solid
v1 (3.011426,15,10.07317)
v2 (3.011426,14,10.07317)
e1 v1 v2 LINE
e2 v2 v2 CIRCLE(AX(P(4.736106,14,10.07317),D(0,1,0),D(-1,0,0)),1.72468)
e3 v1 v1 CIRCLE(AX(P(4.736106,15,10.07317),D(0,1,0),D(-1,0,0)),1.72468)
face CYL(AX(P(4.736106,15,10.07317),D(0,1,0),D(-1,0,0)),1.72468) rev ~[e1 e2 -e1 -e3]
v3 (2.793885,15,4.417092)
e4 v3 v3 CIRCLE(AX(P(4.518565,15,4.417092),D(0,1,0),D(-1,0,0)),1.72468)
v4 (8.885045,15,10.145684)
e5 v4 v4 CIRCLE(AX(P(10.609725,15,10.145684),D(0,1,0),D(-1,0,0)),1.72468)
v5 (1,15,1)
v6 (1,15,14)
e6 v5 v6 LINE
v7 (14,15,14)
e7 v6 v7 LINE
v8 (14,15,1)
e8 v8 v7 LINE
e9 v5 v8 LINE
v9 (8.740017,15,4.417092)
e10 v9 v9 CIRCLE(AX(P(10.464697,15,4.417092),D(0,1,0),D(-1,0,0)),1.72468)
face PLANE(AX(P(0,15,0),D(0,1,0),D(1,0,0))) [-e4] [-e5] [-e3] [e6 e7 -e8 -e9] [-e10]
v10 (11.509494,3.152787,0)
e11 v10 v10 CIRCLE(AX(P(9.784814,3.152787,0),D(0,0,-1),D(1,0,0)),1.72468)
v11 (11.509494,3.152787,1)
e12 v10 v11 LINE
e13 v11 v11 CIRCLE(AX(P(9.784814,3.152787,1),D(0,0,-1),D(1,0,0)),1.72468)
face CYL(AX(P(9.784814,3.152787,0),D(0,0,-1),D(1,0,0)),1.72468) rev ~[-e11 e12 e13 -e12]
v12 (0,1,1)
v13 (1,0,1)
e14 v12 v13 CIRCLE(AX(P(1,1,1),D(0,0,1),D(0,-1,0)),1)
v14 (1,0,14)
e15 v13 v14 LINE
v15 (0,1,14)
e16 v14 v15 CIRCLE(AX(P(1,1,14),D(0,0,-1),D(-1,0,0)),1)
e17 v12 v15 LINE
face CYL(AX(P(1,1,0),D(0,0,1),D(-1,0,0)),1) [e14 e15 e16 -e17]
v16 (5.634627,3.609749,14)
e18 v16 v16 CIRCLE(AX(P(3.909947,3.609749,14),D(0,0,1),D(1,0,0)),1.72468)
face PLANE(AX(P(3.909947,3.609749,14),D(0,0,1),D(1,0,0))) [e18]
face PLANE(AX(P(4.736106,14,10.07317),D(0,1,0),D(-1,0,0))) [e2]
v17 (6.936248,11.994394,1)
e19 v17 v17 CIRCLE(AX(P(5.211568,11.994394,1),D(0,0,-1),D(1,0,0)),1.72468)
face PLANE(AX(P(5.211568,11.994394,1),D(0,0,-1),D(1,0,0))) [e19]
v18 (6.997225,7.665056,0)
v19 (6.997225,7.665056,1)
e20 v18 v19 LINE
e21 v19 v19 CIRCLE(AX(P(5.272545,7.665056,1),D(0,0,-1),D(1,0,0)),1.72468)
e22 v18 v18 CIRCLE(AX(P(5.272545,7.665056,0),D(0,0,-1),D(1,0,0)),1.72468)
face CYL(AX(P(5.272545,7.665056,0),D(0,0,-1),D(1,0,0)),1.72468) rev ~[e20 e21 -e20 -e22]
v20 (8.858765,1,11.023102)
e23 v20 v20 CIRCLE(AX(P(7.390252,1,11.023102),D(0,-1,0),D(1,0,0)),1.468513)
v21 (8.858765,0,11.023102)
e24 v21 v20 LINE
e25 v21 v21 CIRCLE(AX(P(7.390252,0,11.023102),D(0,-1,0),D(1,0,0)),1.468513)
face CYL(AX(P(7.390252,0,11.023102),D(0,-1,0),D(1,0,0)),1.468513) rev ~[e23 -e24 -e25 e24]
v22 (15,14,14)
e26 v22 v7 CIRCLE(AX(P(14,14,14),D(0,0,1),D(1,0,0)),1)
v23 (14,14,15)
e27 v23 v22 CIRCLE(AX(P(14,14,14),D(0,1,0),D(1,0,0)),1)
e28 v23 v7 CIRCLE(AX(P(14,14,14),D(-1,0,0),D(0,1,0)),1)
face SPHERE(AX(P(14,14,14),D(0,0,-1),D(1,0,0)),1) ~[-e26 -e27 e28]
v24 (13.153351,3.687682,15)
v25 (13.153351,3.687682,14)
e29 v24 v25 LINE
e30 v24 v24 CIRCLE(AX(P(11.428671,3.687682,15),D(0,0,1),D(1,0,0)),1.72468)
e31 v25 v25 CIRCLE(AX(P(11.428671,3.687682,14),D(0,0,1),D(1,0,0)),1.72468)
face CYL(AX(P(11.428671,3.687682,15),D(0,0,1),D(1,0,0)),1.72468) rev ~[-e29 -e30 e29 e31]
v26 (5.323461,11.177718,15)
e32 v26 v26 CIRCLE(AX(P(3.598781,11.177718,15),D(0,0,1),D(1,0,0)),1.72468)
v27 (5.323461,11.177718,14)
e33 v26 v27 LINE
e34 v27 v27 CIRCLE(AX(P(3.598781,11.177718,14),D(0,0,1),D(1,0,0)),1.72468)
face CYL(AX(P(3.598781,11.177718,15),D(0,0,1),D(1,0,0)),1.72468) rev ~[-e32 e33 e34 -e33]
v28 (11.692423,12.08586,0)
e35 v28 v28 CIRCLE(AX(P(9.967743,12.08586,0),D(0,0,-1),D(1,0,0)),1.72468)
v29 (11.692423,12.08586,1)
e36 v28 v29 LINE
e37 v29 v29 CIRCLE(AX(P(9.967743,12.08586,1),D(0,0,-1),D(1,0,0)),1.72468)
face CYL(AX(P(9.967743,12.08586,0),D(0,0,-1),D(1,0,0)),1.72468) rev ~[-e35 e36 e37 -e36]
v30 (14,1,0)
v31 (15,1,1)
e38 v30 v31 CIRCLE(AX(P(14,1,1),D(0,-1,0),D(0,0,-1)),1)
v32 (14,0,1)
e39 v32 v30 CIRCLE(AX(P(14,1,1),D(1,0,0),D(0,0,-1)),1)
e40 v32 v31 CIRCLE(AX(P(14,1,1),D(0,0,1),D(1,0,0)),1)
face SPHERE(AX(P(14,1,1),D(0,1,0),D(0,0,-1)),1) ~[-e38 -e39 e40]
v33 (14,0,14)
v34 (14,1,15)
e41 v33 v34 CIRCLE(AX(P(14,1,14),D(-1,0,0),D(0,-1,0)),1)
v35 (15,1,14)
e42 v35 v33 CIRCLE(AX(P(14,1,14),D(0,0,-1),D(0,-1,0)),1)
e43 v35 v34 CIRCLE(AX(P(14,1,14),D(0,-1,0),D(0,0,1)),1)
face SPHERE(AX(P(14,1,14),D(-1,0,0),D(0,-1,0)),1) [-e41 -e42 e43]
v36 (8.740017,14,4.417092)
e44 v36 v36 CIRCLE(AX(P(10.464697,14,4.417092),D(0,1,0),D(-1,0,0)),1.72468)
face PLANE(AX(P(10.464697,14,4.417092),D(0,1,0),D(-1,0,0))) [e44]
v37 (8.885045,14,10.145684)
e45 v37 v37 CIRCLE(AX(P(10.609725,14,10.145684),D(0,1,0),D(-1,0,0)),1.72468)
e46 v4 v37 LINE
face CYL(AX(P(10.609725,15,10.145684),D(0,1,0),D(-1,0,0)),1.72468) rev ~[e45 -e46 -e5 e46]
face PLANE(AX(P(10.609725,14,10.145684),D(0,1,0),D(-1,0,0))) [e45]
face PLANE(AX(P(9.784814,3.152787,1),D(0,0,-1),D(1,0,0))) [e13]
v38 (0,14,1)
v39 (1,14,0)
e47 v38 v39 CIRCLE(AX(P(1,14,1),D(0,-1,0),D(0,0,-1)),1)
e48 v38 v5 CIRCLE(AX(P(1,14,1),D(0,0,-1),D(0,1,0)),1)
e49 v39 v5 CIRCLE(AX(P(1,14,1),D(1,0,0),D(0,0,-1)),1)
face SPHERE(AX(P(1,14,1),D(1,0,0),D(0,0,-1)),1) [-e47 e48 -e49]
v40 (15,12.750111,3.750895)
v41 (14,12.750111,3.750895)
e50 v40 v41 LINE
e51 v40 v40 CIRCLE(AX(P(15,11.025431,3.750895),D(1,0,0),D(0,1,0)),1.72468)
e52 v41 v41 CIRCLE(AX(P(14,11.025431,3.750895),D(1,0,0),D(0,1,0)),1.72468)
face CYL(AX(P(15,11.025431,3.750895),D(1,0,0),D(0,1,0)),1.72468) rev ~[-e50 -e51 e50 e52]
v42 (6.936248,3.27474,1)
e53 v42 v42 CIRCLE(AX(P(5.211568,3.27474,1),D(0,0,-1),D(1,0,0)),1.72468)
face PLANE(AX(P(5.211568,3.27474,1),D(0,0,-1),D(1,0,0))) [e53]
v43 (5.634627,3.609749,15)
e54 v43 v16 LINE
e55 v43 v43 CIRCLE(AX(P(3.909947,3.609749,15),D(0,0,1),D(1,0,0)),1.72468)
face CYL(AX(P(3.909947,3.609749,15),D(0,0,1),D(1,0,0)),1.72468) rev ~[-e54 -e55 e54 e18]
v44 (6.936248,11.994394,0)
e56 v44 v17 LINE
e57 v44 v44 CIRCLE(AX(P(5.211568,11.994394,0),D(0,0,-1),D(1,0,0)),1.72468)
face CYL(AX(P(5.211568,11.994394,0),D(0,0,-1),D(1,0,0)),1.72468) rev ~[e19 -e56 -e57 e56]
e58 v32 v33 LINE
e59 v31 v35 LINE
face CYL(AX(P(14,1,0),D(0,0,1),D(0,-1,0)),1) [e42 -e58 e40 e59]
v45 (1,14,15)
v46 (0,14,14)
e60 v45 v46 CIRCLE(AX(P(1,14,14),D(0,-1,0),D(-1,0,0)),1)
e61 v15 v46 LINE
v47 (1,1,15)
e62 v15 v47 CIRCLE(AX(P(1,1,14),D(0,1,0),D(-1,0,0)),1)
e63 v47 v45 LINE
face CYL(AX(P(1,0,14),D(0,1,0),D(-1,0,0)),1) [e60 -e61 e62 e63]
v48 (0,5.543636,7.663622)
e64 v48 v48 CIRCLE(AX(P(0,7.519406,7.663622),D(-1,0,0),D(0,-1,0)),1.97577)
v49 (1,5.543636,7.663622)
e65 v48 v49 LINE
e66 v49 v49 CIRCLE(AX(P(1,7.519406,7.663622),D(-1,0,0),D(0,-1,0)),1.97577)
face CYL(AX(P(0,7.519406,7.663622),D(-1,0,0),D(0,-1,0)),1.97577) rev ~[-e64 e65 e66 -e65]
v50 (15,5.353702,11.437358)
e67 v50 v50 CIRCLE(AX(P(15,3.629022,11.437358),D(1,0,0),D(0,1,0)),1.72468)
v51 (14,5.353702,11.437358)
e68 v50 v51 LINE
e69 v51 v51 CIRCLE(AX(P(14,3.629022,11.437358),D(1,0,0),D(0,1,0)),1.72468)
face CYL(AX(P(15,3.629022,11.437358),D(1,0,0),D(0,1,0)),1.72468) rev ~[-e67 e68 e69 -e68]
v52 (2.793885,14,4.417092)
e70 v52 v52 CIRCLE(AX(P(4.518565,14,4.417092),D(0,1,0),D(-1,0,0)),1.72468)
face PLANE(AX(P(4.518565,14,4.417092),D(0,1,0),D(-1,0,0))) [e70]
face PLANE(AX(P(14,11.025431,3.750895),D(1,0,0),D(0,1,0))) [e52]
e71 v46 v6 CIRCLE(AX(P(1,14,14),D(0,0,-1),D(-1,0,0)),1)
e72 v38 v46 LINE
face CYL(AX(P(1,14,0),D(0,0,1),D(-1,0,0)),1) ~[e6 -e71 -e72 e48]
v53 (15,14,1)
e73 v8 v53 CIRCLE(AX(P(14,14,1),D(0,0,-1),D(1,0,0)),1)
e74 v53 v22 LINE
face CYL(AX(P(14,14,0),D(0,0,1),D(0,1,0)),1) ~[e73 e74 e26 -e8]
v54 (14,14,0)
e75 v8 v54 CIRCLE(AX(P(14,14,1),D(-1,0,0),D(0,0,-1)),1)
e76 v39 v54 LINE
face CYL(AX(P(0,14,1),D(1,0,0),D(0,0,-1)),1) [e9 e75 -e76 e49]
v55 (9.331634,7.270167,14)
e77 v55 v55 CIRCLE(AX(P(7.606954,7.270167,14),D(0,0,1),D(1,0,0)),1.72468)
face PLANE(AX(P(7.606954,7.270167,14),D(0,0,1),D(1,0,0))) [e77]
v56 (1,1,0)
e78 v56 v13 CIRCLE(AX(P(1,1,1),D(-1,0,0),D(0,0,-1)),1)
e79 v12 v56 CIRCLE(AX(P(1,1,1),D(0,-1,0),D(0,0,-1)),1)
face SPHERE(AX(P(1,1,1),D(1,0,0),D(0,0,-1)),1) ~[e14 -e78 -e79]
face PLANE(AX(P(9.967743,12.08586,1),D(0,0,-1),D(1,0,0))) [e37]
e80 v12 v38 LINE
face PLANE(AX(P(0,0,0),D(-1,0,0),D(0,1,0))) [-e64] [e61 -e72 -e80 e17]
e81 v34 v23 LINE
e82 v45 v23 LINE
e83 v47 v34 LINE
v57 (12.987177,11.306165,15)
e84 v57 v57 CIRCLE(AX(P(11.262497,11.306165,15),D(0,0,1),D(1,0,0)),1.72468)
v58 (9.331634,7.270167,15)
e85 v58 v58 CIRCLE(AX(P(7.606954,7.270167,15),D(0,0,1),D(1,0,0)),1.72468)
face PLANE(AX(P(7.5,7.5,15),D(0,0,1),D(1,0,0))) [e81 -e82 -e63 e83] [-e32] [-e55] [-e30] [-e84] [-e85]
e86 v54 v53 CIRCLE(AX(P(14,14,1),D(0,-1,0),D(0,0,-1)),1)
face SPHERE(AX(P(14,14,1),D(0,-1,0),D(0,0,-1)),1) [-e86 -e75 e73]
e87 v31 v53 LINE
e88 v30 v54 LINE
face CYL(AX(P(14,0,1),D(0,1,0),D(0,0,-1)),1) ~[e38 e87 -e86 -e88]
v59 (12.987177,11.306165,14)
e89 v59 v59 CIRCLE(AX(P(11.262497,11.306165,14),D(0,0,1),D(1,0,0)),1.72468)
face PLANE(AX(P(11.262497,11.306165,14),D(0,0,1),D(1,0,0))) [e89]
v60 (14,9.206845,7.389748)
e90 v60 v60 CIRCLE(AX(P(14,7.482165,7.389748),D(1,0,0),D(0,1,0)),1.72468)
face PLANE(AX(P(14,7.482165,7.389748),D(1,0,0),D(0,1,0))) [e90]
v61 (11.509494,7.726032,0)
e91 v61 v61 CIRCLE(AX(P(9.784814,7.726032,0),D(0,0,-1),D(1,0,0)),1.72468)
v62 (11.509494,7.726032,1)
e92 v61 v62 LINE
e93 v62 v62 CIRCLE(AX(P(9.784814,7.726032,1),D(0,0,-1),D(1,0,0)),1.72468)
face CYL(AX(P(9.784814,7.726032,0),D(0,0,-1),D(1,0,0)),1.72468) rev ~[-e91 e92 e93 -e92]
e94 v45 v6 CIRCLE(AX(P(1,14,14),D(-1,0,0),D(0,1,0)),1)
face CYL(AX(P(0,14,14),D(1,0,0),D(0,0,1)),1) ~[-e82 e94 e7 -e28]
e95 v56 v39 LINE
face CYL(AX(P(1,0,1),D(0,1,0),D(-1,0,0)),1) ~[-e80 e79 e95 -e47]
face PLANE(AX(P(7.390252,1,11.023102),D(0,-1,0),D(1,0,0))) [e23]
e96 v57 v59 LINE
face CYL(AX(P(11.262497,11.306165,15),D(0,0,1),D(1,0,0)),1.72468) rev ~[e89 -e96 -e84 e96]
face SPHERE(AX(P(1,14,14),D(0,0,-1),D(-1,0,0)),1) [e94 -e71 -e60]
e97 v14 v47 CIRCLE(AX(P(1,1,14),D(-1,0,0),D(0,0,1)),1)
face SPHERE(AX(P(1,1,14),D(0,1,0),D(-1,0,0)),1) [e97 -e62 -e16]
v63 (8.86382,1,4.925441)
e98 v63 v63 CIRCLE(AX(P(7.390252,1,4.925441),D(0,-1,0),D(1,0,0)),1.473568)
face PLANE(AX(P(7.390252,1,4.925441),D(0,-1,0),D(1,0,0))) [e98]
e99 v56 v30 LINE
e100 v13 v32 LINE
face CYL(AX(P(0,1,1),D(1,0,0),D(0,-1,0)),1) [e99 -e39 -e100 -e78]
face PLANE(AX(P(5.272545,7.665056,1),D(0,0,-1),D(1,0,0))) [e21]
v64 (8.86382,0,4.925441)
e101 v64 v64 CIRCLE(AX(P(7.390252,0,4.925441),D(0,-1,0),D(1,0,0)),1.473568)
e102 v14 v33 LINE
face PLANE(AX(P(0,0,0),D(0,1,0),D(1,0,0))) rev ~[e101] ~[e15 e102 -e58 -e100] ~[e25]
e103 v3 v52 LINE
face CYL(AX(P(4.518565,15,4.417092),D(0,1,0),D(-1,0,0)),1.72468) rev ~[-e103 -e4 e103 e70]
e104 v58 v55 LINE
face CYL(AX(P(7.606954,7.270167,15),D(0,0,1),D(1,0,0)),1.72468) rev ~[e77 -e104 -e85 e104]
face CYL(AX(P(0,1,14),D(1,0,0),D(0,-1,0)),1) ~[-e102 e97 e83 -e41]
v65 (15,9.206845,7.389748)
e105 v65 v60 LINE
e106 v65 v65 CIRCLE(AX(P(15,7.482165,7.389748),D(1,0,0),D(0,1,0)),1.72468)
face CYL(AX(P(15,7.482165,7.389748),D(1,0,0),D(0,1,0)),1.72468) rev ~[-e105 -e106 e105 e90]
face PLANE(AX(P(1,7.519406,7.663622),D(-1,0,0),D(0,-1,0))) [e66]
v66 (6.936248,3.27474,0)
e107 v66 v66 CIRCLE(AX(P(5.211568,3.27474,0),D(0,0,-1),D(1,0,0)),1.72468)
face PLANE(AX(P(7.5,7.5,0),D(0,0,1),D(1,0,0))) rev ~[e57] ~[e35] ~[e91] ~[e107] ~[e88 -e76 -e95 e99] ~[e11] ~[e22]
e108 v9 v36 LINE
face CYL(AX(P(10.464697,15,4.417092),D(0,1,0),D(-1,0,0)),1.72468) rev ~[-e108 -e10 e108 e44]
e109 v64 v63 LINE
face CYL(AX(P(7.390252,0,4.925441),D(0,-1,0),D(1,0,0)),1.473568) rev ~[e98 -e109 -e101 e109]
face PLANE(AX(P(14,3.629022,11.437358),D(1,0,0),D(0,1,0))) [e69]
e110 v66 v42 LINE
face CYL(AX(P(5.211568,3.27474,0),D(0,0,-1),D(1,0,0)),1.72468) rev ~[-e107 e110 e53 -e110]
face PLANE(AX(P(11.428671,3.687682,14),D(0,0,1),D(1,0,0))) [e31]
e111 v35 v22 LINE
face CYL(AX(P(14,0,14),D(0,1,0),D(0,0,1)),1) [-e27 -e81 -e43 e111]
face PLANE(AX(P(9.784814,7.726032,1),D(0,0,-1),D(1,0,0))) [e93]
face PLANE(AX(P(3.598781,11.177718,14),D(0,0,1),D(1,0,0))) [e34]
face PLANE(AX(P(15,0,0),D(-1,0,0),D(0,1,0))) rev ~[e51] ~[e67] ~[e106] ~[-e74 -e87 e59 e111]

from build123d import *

# Parameters (mm, degrees)
F0_W      = 15
F0_H      = 15
F0_R      = 2.6227188779
F1_DEPTH  = 15
F2_R      = 1.4735683416
F2_R_2    = 1.4685130451
F8_DEPTH  = 1
F5_R      = 1.9757699967
F9_DEPTH  = 1
F4_R      = 1.7246799927
F10_DEPTH = 1
F3_R      = 1.7246799927
F11_DEPTH = 1
F7_R      = 1.7246799927
F12_DEPTH = 1
F6_R      = 1.7246799927
F13_DEPTH = 1
F14_R     = 1


with BuildPart() as f1:
    # F0 (on Top) → F1 (new body)
    with BuildSketch(Plane.XY):
        with Locations((7.5, 7.5)):
            Rectangle(F0_W, F0_H)
        with Locations((7.4908491224, 7.7657136135)):
            Circle(F0_R, mode=Mode.SUBTRACT)
        with Locations((7.4908491224, 7.7657136135)):
            Circle(F0_R)
    extrude(amount=F1_DEPTH)

    # F2 (on face) → F8 (cut)
    with BuildSketch(Plane.XZ):
        with Locations((7.3902518488, 4.9254414625)):
            Circle(F2_R)
        with Locations((7.3902518488, 11.0231023282)):
            Circle(F2_R_2)
    extrude(amount=-F8_DEPTH, mode=Mode.SUBTRACT)

    # F5 (on face) → F9 (cut)
    with BuildSketch(Plane(origin=(0, 0, 0), x_dir=(0, -1, 0), z_dir=(-1, 0, 0))):
        with Locations((-7.5194058008, 7.6636224985)):
            Circle(F5_R)
    extrude(amount=-F9_DEPTH, mode=Mode.SUBTRACT)

    # F4 (on face) → F10 (cut)
    with BuildSketch(Plane(origin=(0, 15, 0), x_dir=(-1, 0, 0), z_dir=(0, 1, 0))):
        with Locations((-4.5185647905, 4.4170920737)):
            Circle(F4_R)
        with Locations((-10.6097254902, 10.1456837729)):
            Circle(F4_R)
        with Locations((-10.4646971449, 4.4170920737)):
            Circle(F4_R)
        with Locations((-4.7361063771, 10.0731700659)):
            Circle(F4_R)
    extrude(amount=-F10_DEPTH, mode=Mode.SUBTRACT)

    # F3 (on face) → F11 (cut)
    with BuildSketch(Plane.YZ.offset(15)):
        with Locations((7.4821650051, 7.3897475377)):
            Circle(F3_R)
        with Locations((3.6290215794, 11.4373583347)):
            Circle(F3_R)
        with Locations((11.0254311003, 3.7508946843)):
            Circle(F3_R)
    extrude(amount=-F11_DEPTH, mode=Mode.SUBTRACT)

    # F7 (on face) → F12 (cut)
    with BuildSketch(Plane(origin=(0, 0, 0), x_dir=(1, 0, 0), z_dir=(0, 0, -1))):
        with Locations((5.2725449204, -7.665055804)):
            Circle(F7_R)
        with Locations((5.2115684375, -3.2747397199)):
            Circle(F7_R)
        with Locations((9.9677434191, -12.0858596638)):
            Circle(F7_R)
        with Locations((9.7848139703, -7.7260322869)):
            Circle(F7_R)
        with Locations((9.7848139703, -3.1527867541)):
            Circle(F7_R)
        with Locations((5.2115684375, -11.9943944737)):
            Circle(F7_R)
    extrude(amount=-F12_DEPTH, mode=Mode.SUBTRACT)

    # F6 (on face) → F13 (cut)
    with BuildSketch(Plane.XY.offset(15)):
        with Locations((7.6069538482, 7.2701666504)):
            Circle(F6_R)
        with Locations((11.4286709577, 3.6876818631)):
            Circle(F6_R)
        with Locations((11.2624969333, 11.3061647862)):
            Circle(F6_R)
        with Locations((3.5987806041, 11.1777177081)):
            Circle(F6_R)
        with Locations((3.9099473506, 3.6097485572)):
            Circle(F6_R)
    extrude(amount=-F13_DEPTH, mode=Mode.SUBTRACT)

    # F14
    f14_edges = [f1.edges().sort_by_distance(p)[0] for p in [
        (15, 7.5, 0),
        (7.5, 15, 0),
        (15, 15, 7.5),
        (7.5, 0, 0),
        (0, 7.5, 0),
        (0, 15, 7.5),
        (0, 7.5, 15),
        (0, 0, 7.5),
        (7.5, 0, 15),
        (15, 0, 7.5),
        (15, 7.5, 15),
        (7.5, 15, 15),
    ]]
    fillet(f14_edges, radius=F14_R)


solid = f1.part
